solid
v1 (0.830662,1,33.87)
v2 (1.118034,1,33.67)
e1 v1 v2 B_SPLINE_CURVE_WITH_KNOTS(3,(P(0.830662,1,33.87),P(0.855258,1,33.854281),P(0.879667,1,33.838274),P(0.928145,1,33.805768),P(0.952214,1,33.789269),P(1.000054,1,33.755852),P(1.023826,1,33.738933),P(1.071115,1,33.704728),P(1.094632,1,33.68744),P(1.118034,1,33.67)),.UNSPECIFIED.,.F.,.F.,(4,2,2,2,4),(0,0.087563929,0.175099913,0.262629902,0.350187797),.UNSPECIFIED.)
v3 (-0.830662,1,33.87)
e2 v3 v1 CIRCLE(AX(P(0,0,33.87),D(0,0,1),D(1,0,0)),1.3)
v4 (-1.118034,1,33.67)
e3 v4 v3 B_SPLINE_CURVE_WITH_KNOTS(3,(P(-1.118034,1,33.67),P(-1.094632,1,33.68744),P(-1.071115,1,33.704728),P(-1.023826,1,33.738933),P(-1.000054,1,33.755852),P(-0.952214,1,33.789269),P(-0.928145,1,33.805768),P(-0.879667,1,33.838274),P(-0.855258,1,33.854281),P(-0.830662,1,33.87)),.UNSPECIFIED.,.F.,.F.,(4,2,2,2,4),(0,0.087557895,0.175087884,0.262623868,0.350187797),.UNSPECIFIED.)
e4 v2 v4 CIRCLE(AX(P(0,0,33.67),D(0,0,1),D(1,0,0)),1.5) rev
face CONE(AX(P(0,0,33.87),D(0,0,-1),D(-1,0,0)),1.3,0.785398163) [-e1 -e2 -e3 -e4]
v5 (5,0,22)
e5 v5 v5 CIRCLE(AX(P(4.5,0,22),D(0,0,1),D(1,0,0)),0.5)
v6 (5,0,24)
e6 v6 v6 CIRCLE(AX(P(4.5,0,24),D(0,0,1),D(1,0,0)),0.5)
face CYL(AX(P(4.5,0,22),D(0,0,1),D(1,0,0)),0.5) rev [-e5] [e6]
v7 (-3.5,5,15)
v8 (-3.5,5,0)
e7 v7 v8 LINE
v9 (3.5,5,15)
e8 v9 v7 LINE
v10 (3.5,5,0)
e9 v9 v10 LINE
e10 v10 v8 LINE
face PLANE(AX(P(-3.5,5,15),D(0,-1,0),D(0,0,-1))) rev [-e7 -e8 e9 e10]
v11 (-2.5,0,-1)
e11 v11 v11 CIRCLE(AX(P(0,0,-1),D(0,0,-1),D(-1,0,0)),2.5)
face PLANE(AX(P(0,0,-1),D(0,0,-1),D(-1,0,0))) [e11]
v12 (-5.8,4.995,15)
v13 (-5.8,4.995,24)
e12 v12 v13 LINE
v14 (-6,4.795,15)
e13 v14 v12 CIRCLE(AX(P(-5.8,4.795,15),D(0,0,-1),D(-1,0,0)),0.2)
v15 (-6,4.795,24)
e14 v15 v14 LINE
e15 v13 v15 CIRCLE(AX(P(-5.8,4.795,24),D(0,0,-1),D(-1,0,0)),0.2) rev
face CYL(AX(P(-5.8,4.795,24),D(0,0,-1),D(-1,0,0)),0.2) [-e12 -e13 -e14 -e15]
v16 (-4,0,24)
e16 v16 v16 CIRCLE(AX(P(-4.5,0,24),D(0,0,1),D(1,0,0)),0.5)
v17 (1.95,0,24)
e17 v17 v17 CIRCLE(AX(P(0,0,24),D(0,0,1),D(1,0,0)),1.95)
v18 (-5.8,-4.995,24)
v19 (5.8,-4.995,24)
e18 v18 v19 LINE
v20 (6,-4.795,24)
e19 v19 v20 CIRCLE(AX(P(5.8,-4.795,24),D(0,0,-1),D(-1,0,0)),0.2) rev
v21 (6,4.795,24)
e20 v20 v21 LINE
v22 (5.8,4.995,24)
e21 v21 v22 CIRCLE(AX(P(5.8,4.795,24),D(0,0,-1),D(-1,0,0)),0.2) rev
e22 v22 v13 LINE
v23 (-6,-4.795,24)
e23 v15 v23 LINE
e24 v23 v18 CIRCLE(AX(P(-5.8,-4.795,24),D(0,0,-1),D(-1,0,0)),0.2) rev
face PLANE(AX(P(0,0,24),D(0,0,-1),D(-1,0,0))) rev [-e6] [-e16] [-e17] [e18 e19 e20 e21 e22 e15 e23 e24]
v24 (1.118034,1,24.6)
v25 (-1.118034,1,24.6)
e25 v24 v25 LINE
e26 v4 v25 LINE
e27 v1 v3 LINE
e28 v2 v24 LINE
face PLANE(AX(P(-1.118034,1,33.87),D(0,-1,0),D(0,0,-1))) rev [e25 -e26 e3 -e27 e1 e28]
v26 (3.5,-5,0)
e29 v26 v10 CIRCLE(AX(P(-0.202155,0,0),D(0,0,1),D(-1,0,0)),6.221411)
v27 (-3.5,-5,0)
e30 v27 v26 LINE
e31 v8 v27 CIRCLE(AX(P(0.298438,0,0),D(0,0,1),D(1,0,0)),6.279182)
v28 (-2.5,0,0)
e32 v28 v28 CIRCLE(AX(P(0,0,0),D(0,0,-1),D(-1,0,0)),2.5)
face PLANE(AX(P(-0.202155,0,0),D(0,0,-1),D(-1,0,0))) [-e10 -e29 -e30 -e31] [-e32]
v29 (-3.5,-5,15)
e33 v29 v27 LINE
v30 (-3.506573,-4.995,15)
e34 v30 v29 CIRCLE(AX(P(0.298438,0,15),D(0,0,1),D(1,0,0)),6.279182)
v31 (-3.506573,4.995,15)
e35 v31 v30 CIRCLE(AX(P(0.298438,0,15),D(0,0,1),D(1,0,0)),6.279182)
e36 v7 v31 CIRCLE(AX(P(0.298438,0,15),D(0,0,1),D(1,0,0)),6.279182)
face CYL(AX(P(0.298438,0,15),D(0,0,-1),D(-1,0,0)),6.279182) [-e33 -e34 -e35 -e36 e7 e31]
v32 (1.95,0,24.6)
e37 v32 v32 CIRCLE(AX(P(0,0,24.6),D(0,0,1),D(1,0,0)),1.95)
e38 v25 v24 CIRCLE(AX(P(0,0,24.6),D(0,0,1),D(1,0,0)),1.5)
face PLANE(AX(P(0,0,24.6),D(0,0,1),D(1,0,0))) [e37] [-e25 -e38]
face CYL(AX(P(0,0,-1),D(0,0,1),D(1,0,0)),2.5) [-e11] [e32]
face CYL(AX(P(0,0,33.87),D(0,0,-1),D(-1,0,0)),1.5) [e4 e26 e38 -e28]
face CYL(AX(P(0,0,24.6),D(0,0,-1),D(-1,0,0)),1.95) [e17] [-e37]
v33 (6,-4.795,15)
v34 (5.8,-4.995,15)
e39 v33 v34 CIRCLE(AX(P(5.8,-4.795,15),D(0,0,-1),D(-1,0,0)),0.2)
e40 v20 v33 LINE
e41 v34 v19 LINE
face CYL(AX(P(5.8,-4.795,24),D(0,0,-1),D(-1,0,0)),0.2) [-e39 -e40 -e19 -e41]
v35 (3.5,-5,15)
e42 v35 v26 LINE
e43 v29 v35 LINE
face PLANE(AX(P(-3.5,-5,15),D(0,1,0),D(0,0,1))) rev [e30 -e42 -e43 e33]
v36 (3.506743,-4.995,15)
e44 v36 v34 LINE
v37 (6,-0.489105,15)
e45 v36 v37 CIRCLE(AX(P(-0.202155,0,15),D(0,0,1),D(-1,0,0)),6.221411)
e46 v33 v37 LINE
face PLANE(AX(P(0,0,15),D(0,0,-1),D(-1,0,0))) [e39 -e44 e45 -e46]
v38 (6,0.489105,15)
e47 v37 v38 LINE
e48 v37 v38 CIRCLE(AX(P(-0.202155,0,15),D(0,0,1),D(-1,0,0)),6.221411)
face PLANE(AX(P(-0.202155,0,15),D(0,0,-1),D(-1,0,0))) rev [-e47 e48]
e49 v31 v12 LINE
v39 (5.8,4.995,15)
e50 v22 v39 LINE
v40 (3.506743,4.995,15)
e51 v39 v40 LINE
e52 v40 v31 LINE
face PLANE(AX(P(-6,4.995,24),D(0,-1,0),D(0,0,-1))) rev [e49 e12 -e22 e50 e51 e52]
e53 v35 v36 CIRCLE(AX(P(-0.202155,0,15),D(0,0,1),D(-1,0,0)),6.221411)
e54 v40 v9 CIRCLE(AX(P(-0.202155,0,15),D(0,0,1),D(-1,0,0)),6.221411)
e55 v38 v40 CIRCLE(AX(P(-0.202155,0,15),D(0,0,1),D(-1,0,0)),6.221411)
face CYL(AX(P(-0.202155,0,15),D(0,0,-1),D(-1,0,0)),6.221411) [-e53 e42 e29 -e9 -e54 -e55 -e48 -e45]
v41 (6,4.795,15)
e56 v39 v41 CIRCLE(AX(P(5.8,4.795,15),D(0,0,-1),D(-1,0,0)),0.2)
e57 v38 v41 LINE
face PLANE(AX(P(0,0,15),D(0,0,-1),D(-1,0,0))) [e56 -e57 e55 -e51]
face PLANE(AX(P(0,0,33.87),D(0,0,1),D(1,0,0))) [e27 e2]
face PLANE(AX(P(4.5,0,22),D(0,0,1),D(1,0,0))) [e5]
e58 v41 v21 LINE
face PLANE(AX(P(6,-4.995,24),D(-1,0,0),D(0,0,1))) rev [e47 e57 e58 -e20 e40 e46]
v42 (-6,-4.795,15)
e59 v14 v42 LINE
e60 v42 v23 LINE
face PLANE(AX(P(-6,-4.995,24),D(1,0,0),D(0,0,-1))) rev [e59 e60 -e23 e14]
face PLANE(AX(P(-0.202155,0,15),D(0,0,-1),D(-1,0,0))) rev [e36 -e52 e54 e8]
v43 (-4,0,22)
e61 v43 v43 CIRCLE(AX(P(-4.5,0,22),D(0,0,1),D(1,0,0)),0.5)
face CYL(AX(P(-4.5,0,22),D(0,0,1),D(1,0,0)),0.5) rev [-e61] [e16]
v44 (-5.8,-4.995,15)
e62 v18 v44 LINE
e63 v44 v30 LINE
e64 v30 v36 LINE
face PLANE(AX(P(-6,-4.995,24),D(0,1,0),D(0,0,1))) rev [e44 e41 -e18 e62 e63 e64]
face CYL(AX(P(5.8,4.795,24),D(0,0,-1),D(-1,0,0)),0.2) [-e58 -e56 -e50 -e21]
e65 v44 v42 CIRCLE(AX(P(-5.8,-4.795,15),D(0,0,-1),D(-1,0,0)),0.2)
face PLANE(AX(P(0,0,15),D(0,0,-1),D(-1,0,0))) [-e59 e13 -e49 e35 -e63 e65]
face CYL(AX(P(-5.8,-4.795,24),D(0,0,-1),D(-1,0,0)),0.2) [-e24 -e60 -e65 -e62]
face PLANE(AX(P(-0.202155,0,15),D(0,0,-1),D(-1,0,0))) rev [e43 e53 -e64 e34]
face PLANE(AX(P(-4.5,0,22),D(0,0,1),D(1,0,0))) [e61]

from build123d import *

# Parameters (mm, degrees)
SALIENTE_EXTRUIR1_DEPTH = 15
CROQUIS2_R              = 2.5
SALIENTE_EXTRUIR2_DEPTH = 1
CROQUIS3_W              = 12
CROQUIS3_H              = 9.99
SALIENTE_EXTRUIR3_DEPTH = 9
REDONDEO1_R             = 0.2
CROQUIS4_R              = 1.95
SALIENTE_EXTRUIR4_DEPTH = 0.6
SALIENTE_EXTRUIR5_DEPTH = 9.27
CHAFL_N1_SIZE           = 0.2
CROQUIS6_R              = 0.5
CORTAR_EXTRUIR1_DEPTH   = 2


with BuildPart() as part:
    # Croquis1 → Saliente-Extruir1 (new body)
    with BuildSketch(Plane.XY):
        with BuildLine():
            Line((-3.5, -5), (3.5, -5))
            ThreePointArc((3.5, -5), (6.019255673, 0), (3.5, 5))
            Line((3.5, 5), (-3.5, 5))
            ThreePointArc((-3.5, 5), (-5.980744327, 0), (-3.5, -5))
        make_face()
    extrude(amount=SALIENTE_EXTRUIR1_DEPTH)

    # Croquis2 → Saliente-Extruir2 (add)
    with BuildSketch(Plane(origin=(0, 0, 0), x_dir=(-1, 0, 0), z_dir=(0, 0, -1))):
        Circle(CROQUIS2_R)
    extrude(amount=SALIENTE_EXTRUIR2_DEPTH)

    # Croquis3 → Saliente-Extruir3 (add)
    with BuildSketch(Plane.XY.offset(15)):
        Rectangle(CROQUIS3_W, CROQUIS3_H)
    extrude(amount=SALIENTE_EXTRUIR3_DEPTH)

    # Redondeo1
    redondeo1_edges = [part.edges().sort_by_distance(p)[0] for p in [
        (6, -4.995, 19.5),
        (6, 4.995, 19.5),
        (-6, 4.995, 19.5),
        (-6, -4.995, 19.5),
    ]]
    fillet(redondeo1_edges, radius=REDONDEO1_R)

    # Croquis4 → Saliente-Extruir4 (add)
    with BuildSketch(Plane.XY.offset(24)):
        Circle(CROQUIS4_R)
    extrude(amount=SALIENTE_EXTRUIR4_DEPTH)

    # Croquis5 → Saliente-Extruir5 (add)
    with BuildSketch(Plane.XY.offset(24.6)):
        with BuildLine():
            Line((-1.118033989, 1), (1.118033989, 1))
            ThreePointArc((1.118033989, 1), (0, -1.5), (-1.118033989, 1))
        make_face()
    extrude(amount=SALIENTE_EXTRUIR5_DEPTH)

    # Chaflán1
    chafl_n1_edges = [part.edges().sort_by_distance(p)[0] for p in [
        (0, -1.5, 33.87),
    ]]
    chamfer(chafl_n1_edges, length=CHAFL_N1_SIZE)

    # Croquis6 → Cortar-Extruir1 (cut)
    with BuildSketch(Plane.XY.offset(24)):
        with Locations((-4.5, 0)):
            Circle(CROQUIS6_R)
        with Locations((4.5, 0)):
            Circle(CROQUIS6_R)
    extrude(amount=-CORTAR_EXTRUIR1_DEPTH, mode=Mode.SUBTRACT)


solid = part.part
